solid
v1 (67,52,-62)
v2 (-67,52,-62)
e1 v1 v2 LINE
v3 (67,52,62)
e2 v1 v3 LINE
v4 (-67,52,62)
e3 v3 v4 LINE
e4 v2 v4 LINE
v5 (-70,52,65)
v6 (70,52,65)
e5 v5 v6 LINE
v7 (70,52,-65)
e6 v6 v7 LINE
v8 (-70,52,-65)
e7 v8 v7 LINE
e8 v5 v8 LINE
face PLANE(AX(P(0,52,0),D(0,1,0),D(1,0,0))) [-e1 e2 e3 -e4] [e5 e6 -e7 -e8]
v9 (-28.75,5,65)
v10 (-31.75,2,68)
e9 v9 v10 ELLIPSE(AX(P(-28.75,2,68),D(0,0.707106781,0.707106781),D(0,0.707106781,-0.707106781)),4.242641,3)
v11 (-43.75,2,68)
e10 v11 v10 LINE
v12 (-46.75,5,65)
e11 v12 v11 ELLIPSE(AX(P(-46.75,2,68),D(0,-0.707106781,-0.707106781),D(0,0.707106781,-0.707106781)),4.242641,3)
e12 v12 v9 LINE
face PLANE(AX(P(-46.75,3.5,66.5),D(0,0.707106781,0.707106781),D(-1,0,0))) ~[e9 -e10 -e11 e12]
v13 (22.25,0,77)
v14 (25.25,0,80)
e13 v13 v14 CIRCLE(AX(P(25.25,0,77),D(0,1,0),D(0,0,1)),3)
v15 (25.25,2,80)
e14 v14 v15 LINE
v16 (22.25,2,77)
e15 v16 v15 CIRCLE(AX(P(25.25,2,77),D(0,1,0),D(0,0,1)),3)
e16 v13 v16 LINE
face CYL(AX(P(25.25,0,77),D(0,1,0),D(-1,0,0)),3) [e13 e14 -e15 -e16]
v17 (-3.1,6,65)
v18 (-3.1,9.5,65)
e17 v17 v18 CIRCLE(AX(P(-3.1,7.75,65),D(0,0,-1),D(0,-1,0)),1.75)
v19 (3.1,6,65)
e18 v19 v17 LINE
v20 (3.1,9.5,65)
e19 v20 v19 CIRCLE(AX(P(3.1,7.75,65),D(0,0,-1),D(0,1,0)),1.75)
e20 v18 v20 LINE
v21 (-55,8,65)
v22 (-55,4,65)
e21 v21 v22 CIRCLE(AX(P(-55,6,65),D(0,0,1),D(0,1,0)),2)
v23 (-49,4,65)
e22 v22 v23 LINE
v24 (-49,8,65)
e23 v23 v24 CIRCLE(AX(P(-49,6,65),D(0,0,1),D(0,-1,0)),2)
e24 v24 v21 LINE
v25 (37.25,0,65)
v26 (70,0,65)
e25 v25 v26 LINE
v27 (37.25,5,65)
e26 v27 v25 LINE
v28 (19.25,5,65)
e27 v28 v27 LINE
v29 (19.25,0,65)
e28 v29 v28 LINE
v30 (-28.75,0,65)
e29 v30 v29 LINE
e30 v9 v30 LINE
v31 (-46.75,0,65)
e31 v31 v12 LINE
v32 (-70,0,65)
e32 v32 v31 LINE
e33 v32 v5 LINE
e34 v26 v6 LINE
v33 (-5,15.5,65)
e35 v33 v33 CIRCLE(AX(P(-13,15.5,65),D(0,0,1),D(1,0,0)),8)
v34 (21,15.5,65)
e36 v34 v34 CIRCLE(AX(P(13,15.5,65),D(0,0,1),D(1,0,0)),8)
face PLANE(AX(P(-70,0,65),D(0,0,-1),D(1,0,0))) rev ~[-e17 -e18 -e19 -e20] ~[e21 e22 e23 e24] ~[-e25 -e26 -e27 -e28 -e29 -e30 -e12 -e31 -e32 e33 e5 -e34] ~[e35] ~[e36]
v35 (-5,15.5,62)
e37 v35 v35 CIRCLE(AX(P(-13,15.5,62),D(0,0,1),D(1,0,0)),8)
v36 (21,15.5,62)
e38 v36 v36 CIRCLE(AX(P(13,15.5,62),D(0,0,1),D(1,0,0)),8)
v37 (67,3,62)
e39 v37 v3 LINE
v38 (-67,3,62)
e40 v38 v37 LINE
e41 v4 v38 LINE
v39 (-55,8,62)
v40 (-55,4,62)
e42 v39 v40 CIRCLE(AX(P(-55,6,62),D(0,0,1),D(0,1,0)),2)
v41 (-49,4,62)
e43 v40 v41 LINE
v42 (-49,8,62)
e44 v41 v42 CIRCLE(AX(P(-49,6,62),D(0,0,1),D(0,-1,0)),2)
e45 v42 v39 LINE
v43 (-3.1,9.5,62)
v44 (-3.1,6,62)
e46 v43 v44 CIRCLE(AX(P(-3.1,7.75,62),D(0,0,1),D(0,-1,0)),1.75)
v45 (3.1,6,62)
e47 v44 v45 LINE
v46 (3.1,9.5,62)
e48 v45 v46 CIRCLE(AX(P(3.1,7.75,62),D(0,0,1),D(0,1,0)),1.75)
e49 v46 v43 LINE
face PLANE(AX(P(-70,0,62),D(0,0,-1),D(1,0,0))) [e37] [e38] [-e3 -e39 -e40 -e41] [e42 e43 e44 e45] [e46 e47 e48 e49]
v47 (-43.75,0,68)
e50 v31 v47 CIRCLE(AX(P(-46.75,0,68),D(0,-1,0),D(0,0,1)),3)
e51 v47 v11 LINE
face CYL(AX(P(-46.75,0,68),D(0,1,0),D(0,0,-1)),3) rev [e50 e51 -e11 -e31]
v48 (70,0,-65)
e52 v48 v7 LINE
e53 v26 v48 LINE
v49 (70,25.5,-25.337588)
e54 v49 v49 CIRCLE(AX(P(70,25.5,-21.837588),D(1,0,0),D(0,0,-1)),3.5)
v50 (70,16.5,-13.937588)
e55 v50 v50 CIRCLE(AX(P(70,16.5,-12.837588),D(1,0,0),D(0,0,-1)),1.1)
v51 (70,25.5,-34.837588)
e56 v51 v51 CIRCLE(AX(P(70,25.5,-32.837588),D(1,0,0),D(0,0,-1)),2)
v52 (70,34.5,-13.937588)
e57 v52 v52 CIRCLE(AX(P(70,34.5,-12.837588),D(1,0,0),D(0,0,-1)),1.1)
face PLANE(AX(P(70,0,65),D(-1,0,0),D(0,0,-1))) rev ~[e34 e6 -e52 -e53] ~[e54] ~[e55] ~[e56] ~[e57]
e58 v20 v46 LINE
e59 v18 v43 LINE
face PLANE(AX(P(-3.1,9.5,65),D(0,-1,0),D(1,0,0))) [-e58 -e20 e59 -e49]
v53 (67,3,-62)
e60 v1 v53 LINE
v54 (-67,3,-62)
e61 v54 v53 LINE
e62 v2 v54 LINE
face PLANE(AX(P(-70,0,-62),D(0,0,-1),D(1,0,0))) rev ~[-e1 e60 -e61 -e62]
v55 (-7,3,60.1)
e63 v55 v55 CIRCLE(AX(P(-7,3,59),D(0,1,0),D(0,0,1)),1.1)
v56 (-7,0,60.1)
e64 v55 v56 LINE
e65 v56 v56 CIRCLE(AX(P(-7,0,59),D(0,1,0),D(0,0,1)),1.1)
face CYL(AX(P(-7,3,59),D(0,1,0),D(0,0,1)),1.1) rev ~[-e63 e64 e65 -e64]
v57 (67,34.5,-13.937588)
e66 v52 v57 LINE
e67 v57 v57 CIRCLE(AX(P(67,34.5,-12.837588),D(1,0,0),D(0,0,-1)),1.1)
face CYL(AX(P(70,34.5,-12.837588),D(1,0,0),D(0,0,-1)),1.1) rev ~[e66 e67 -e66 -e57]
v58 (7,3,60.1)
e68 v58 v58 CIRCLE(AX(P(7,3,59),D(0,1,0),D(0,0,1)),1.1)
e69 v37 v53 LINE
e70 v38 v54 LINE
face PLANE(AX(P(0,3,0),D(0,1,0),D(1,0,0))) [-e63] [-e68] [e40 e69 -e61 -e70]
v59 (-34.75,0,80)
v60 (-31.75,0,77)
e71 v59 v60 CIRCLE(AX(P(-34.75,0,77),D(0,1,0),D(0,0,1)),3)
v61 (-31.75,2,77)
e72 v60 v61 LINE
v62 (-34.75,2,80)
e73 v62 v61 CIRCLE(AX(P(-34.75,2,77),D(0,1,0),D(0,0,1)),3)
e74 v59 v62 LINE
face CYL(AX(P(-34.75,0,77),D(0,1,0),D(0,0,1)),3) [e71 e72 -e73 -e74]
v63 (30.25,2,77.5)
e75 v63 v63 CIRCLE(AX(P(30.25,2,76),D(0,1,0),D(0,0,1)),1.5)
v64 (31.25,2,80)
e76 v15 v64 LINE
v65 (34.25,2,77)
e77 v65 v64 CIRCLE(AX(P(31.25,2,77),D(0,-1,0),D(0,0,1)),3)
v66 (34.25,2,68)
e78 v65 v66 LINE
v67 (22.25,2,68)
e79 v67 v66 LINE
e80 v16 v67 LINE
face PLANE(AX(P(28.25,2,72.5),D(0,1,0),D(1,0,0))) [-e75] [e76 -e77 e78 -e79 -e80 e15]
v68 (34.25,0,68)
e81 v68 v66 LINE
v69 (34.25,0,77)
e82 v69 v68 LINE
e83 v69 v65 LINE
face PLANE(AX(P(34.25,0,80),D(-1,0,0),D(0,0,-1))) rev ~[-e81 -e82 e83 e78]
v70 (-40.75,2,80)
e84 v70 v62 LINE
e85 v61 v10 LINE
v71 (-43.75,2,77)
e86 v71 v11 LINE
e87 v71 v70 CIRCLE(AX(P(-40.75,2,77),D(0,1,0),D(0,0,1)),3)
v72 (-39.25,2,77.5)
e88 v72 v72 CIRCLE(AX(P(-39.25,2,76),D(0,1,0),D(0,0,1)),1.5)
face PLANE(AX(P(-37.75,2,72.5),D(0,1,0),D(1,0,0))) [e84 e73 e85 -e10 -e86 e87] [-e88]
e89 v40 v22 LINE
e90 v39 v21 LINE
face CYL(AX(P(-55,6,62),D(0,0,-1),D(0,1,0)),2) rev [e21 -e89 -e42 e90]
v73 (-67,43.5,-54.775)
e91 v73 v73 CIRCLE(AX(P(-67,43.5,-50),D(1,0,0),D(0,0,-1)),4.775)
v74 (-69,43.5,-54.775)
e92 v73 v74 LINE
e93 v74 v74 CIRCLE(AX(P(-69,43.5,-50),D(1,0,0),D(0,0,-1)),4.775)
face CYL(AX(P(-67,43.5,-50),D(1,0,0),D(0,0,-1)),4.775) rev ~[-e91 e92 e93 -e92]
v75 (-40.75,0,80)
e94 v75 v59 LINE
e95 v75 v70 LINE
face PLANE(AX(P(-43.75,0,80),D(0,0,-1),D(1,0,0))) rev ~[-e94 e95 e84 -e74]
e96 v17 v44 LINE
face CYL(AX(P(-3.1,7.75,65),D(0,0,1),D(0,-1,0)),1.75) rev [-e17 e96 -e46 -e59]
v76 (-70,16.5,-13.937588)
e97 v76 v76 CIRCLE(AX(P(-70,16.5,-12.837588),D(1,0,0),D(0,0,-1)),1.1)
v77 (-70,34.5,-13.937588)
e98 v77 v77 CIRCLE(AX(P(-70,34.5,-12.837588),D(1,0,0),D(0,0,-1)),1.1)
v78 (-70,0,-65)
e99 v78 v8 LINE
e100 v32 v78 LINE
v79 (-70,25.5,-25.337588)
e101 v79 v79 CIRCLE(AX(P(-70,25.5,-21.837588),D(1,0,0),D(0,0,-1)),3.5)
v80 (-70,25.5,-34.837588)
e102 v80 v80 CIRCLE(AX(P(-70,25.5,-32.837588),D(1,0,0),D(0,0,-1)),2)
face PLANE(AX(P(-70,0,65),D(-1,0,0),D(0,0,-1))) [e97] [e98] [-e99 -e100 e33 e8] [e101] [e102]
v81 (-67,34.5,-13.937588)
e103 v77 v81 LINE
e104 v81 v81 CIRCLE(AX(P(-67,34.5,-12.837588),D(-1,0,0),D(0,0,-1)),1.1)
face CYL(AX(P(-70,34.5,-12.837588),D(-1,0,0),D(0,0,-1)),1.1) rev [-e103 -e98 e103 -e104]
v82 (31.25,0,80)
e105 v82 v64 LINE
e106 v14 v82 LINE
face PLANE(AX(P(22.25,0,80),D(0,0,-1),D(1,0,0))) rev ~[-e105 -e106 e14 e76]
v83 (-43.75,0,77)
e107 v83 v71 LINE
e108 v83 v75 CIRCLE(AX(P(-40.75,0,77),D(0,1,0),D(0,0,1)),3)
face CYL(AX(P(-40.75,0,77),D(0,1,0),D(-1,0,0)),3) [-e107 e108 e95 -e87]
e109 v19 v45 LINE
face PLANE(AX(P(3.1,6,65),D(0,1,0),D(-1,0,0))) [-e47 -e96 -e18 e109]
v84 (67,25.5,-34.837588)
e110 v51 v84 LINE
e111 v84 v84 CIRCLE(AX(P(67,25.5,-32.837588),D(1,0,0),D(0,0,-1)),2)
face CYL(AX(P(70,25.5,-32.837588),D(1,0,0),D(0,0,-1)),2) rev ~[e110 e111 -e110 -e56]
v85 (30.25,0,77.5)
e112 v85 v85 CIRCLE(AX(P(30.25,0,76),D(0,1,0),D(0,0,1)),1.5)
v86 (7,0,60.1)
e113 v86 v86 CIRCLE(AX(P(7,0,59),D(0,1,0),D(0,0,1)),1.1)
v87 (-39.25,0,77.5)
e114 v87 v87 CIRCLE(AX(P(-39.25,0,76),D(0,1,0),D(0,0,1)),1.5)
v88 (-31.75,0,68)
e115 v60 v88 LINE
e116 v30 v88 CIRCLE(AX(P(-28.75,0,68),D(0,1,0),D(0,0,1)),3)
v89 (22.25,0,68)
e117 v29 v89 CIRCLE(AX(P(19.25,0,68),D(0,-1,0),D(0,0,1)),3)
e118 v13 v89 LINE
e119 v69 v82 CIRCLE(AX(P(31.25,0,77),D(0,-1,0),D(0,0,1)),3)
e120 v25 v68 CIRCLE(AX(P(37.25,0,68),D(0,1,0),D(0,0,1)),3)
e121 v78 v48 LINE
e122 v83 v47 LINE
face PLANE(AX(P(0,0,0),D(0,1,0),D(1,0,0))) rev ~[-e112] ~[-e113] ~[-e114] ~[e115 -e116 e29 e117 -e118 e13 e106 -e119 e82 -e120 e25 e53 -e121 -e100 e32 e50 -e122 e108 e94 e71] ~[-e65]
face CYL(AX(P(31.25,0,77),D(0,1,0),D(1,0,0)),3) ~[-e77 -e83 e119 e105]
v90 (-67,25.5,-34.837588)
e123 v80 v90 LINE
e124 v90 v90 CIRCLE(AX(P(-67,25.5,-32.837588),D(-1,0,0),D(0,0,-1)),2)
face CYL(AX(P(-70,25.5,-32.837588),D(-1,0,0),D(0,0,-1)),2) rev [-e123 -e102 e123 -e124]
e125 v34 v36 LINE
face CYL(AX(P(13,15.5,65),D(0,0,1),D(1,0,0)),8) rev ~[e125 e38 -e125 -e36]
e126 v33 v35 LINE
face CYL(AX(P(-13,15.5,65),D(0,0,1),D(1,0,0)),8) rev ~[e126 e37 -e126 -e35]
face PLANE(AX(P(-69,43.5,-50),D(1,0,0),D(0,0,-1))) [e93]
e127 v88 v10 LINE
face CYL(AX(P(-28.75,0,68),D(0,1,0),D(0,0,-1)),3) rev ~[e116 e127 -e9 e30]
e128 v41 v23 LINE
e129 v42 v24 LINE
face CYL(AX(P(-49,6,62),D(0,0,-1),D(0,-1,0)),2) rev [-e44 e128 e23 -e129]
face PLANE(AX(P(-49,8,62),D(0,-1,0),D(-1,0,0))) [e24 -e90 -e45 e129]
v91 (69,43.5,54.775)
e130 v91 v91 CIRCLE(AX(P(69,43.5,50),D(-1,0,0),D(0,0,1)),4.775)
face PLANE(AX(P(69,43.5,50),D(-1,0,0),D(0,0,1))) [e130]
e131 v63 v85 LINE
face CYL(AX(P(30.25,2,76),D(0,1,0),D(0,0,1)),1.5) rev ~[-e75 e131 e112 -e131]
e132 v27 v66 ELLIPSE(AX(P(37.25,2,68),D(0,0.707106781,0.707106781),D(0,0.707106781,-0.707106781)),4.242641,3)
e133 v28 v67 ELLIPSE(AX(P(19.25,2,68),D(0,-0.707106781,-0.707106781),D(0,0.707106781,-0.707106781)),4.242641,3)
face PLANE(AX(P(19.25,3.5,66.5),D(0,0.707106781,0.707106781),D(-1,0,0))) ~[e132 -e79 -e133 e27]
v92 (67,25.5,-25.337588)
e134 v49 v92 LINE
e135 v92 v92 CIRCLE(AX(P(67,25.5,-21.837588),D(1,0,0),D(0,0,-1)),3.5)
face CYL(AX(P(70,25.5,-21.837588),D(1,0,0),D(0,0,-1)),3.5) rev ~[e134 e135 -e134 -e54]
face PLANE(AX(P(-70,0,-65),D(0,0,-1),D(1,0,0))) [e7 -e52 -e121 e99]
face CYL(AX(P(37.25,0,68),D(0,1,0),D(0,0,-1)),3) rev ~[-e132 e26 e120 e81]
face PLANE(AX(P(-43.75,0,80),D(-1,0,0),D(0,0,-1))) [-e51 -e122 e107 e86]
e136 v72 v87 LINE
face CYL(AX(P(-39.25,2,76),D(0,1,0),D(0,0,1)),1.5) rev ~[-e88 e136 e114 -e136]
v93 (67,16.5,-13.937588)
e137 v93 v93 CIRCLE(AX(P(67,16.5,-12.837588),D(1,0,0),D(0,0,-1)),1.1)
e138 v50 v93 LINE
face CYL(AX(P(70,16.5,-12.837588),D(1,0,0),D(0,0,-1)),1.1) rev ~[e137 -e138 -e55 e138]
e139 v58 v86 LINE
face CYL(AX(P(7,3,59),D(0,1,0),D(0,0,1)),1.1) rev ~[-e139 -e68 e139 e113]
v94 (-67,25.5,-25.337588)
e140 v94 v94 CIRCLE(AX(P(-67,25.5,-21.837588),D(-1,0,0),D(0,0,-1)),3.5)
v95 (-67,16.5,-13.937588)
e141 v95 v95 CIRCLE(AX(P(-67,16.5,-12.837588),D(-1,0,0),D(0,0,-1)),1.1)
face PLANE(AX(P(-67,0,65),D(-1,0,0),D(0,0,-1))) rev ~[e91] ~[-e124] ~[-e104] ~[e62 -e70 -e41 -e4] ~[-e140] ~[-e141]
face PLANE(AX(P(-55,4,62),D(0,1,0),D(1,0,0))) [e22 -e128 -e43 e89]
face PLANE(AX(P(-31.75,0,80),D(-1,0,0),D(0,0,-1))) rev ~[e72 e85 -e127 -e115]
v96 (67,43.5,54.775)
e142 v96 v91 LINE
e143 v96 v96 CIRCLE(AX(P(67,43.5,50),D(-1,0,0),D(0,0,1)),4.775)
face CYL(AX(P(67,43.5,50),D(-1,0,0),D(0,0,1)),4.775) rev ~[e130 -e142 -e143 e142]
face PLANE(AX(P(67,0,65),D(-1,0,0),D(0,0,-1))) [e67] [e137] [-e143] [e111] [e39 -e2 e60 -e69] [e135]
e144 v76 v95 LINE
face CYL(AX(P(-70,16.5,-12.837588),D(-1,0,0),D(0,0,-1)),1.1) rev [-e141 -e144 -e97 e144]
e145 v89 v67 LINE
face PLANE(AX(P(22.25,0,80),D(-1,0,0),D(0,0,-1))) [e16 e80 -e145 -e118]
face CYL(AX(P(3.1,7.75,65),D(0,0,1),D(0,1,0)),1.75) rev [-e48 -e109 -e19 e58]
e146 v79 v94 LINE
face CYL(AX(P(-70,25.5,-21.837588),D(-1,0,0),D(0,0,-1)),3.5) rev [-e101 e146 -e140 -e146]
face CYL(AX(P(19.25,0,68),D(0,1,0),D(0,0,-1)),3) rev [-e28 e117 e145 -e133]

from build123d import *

# Parameters (mm, degrees)
SKETCH1_W           = 140
SKETCH1_H           = 130
BOSS_EXTRUDE1_DEPTH = 52
SHELL1_T            = -3
SKETCH2_R           = 3.5
SKETCH2_R_2         = 2
SKETCH2_R_3         = 1.1
CUT_EXTRUDE1_DEPTH  = 137
SKETCH3_R           = 1.1
CUT_EXTRUDE2_DEPTH  = 3
CUT_EXTRUDE4_DEPTH  = 3
SKETCH7_R           = 4.775
CUT_EXTRUDE5_DEPTH  = 2
CIRPATTERN5_COUNT   = 2
SKETCH8_W           = 12
SKETCH8_H           = 15
BOSS_EXTRUDE2_DEPTH = 2
SKETCH11_R          = 1.5
CUT_EXTRUDE7_DEPTH  = 118.473401245
FILLET1_R           = 3
FILLET2_R           = 3
CHAMFER1_SIZE       = 3
SKETCH12_R          = 8
CUT_EXTRUDE8_DEPTH  = 10


with BuildPart() as part:
    # Sketch1 → Boss-Extrude1 (new body)
    with BuildSketch(Plane(origin=(0, 0, 0), x_dir=(1, 0, 0), z_dir=(0, 1, 0))):
        Rectangle(SKETCH1_W, SKETCH1_H)
    extrude(amount=BOSS_EXTRUDE1_DEPTH)

    # Shell1
    shell1_openings = [part.faces().sort_by_distance(p)[0] for p in [
        (0, 52, 0),
    ]]
    offset(amount=SHELL1_T, openings=shell1_openings, kind=Kind.INTERSECTION)

    # Sketch2 → Cut-Extrude1 (cut)
    with BuildSketch(Plane(origin=(70, 0, 0), x_dir=(0, 0, -1), z_dir=(1, 0, 0))):
        with Locations((21.837588157, 25.5)):
            Circle(SKETCH2_R)
        with Locations((32.837588157, 25.5)):
            Circle(SKETCH2_R_2)
        with Locations((12.837588157, 34.5)):
            Circle(SKETCH2_R_3)
        with Locations((12.837588157, 16.5)):
            Circle(SKETCH2_R_3)
    cut_extrude1 = extrude(amount=-CUT_EXTRUDE1_DEPTH, mode=Mode.SUBTRACT)

    # Mirror1: Cut-Extrude1 across plane
    add(cut_extrude1.mirror(Plane(origin=(0, 0, 0), x_dir=(0, 0, 1), z_dir=(1, 0, 0))), mode=Mode.SUBTRACT)

    # Sketch3 → Cut-Extrude2 (cut)
    with BuildSketch(Plane(origin=(0, 3, 0), x_dir=(1, 0, 0), z_dir=(0, 1, 0))):
        with Locations(Location((-7, -59, 0), (0, 0, 270))):
            Circle(SKETCH3_R)
        with Locations(Location((7, -59, 0), (0, 0, 270))):
            Circle(SKETCH3_R)
    extrude(amount=-CUT_EXTRUDE2_DEPTH, mode=Mode.SUBTRACT)

    # Sketch6 → Cut-Extrude4 (cut)
    with BuildSketch(Plane(origin=(0, 0, 62), x_dir=(-1, 0, 0), z_dir=(0, 0, -1))):
        with BuildLine():
            Line((55, 4), (49, 4))
            ThreePointArc((49, 4), (47, 6), (49, 8))
            Line((49, 8), (55, 8))
            ThreePointArc((55, 8), (57, 6), (55, 4))
        make_face()
    extrude(amount=-CUT_EXTRUDE4_DEPTH, mode=Mode.SUBTRACT)

    # Sketch7 → Cut-Extrude5 (cut)
    with BuildSketch(Plane(origin=(-67, 0, 0), x_dir=(0, 0, -1), z_dir=(1, 0, 0))):
        with Locations((50, 43.5)):
            Circle(SKETCH7_R)
    cut_extrude5 = extrude(amount=-CUT_EXTRUDE5_DEPTH, mode=Mode.SUBTRACT)

    # CirPattern5: Cut-Extrude5 ×2 about axis
    cirpattern5_axis = Axis((0, 54.6, 0), (0, -1, 0))
    for i in range(1, CIRPATTERN5_COUNT):
        add(cut_extrude5.rotate(cirpattern5_axis, i * 360 / CIRPATTERN5_COUNT), mode=Mode.SUBTRACT)

    # Sketch8 → Boss-Extrude2 (add)
    with BuildSketch(Plane(origin=(0, 0, 0), x_dir=(1, 0, 0), z_dir=(0, 1, 0))):
        with Locations((-37.75, -72.5)):
            Rectangle(SKETCH8_W, SKETCH8_H)
        with Locations((28.25, -72.5)):
            Rectangle(SKETCH8_W, SKETCH8_H)
    extrude(amount=BOSS_EXTRUDE2_DEPTH)

    # Sketch11 → Cut-Extrude7 (cut, through all)
    with BuildSketch(Plane(origin=(0, 2, 0), x_dir=(1, 0, 0), z_dir=(0, 1, 0))):
        with Locations(Location((-39.25, -76, 0), (0, 0, 270))):
            Circle(SKETCH11_R)
        with Locations(Location((30.25, -76, 0), (0, 0, 270))):
            Circle(SKETCH11_R)
    extrude(amount=-CUT_EXTRUDE7_DEPTH, mode=Mode.SUBTRACT)

    # Fillet1
    fillet1_edges = [part.edges().sort_by_distance(p)[0] for p in [
        (-43.75, 1, 65),
        (-43.75, 1, 80),
        (34.25, 1, 80),
        (34.25, 1, 65),
    ]]
    fillet(fillet1_edges, radius=FILLET1_R)

    # Fillet2
    fillet2_edges = [part.edges().sort_by_distance(p)[0] for p in [
        (-31.75, 1, 80),
        (-31.75, 1, 65),
        (22.25, 1, 80),
        (22.25, 1, 65),
    ]]
    fillet(fillet2_edges, radius=FILLET2_R)

    # Chamfer1
    chamfer1_edges = [part.edges().sort_by_distance(p)[0] for p in [
        (28.25, 2, 65),
        (-37.75, 2, 65),
    ]]
    chamfer(chamfer1_edges, length=CHAMFER1_SIZE)

    # Sketch12 → Cut-Extrude8 (cut)
    with BuildSketch(Plane.XY.offset(65)):
        with Locations((-13, 15.5)):
            Circle(SKETCH12_R)
        with Locations((13, 15.5)):
            Circle(SKETCH12_R)
        with BuildLine():
            Line((-3.1, 9.5), (3.1, 9.5))
            ThreePointArc((3.1, 9.5), (4.85, 7.75), (3.1, 6))
            Line((3.1, 6), (-3.1, 6))
            ThreePointArc((-3.1, 6), (-4.85, 7.75), (-3.1, 9.5))
        make_face()
    extrude(amount=-CUT_EXTRUDE8_DEPTH, mode=Mode.SUBTRACT)


solid = part.part
